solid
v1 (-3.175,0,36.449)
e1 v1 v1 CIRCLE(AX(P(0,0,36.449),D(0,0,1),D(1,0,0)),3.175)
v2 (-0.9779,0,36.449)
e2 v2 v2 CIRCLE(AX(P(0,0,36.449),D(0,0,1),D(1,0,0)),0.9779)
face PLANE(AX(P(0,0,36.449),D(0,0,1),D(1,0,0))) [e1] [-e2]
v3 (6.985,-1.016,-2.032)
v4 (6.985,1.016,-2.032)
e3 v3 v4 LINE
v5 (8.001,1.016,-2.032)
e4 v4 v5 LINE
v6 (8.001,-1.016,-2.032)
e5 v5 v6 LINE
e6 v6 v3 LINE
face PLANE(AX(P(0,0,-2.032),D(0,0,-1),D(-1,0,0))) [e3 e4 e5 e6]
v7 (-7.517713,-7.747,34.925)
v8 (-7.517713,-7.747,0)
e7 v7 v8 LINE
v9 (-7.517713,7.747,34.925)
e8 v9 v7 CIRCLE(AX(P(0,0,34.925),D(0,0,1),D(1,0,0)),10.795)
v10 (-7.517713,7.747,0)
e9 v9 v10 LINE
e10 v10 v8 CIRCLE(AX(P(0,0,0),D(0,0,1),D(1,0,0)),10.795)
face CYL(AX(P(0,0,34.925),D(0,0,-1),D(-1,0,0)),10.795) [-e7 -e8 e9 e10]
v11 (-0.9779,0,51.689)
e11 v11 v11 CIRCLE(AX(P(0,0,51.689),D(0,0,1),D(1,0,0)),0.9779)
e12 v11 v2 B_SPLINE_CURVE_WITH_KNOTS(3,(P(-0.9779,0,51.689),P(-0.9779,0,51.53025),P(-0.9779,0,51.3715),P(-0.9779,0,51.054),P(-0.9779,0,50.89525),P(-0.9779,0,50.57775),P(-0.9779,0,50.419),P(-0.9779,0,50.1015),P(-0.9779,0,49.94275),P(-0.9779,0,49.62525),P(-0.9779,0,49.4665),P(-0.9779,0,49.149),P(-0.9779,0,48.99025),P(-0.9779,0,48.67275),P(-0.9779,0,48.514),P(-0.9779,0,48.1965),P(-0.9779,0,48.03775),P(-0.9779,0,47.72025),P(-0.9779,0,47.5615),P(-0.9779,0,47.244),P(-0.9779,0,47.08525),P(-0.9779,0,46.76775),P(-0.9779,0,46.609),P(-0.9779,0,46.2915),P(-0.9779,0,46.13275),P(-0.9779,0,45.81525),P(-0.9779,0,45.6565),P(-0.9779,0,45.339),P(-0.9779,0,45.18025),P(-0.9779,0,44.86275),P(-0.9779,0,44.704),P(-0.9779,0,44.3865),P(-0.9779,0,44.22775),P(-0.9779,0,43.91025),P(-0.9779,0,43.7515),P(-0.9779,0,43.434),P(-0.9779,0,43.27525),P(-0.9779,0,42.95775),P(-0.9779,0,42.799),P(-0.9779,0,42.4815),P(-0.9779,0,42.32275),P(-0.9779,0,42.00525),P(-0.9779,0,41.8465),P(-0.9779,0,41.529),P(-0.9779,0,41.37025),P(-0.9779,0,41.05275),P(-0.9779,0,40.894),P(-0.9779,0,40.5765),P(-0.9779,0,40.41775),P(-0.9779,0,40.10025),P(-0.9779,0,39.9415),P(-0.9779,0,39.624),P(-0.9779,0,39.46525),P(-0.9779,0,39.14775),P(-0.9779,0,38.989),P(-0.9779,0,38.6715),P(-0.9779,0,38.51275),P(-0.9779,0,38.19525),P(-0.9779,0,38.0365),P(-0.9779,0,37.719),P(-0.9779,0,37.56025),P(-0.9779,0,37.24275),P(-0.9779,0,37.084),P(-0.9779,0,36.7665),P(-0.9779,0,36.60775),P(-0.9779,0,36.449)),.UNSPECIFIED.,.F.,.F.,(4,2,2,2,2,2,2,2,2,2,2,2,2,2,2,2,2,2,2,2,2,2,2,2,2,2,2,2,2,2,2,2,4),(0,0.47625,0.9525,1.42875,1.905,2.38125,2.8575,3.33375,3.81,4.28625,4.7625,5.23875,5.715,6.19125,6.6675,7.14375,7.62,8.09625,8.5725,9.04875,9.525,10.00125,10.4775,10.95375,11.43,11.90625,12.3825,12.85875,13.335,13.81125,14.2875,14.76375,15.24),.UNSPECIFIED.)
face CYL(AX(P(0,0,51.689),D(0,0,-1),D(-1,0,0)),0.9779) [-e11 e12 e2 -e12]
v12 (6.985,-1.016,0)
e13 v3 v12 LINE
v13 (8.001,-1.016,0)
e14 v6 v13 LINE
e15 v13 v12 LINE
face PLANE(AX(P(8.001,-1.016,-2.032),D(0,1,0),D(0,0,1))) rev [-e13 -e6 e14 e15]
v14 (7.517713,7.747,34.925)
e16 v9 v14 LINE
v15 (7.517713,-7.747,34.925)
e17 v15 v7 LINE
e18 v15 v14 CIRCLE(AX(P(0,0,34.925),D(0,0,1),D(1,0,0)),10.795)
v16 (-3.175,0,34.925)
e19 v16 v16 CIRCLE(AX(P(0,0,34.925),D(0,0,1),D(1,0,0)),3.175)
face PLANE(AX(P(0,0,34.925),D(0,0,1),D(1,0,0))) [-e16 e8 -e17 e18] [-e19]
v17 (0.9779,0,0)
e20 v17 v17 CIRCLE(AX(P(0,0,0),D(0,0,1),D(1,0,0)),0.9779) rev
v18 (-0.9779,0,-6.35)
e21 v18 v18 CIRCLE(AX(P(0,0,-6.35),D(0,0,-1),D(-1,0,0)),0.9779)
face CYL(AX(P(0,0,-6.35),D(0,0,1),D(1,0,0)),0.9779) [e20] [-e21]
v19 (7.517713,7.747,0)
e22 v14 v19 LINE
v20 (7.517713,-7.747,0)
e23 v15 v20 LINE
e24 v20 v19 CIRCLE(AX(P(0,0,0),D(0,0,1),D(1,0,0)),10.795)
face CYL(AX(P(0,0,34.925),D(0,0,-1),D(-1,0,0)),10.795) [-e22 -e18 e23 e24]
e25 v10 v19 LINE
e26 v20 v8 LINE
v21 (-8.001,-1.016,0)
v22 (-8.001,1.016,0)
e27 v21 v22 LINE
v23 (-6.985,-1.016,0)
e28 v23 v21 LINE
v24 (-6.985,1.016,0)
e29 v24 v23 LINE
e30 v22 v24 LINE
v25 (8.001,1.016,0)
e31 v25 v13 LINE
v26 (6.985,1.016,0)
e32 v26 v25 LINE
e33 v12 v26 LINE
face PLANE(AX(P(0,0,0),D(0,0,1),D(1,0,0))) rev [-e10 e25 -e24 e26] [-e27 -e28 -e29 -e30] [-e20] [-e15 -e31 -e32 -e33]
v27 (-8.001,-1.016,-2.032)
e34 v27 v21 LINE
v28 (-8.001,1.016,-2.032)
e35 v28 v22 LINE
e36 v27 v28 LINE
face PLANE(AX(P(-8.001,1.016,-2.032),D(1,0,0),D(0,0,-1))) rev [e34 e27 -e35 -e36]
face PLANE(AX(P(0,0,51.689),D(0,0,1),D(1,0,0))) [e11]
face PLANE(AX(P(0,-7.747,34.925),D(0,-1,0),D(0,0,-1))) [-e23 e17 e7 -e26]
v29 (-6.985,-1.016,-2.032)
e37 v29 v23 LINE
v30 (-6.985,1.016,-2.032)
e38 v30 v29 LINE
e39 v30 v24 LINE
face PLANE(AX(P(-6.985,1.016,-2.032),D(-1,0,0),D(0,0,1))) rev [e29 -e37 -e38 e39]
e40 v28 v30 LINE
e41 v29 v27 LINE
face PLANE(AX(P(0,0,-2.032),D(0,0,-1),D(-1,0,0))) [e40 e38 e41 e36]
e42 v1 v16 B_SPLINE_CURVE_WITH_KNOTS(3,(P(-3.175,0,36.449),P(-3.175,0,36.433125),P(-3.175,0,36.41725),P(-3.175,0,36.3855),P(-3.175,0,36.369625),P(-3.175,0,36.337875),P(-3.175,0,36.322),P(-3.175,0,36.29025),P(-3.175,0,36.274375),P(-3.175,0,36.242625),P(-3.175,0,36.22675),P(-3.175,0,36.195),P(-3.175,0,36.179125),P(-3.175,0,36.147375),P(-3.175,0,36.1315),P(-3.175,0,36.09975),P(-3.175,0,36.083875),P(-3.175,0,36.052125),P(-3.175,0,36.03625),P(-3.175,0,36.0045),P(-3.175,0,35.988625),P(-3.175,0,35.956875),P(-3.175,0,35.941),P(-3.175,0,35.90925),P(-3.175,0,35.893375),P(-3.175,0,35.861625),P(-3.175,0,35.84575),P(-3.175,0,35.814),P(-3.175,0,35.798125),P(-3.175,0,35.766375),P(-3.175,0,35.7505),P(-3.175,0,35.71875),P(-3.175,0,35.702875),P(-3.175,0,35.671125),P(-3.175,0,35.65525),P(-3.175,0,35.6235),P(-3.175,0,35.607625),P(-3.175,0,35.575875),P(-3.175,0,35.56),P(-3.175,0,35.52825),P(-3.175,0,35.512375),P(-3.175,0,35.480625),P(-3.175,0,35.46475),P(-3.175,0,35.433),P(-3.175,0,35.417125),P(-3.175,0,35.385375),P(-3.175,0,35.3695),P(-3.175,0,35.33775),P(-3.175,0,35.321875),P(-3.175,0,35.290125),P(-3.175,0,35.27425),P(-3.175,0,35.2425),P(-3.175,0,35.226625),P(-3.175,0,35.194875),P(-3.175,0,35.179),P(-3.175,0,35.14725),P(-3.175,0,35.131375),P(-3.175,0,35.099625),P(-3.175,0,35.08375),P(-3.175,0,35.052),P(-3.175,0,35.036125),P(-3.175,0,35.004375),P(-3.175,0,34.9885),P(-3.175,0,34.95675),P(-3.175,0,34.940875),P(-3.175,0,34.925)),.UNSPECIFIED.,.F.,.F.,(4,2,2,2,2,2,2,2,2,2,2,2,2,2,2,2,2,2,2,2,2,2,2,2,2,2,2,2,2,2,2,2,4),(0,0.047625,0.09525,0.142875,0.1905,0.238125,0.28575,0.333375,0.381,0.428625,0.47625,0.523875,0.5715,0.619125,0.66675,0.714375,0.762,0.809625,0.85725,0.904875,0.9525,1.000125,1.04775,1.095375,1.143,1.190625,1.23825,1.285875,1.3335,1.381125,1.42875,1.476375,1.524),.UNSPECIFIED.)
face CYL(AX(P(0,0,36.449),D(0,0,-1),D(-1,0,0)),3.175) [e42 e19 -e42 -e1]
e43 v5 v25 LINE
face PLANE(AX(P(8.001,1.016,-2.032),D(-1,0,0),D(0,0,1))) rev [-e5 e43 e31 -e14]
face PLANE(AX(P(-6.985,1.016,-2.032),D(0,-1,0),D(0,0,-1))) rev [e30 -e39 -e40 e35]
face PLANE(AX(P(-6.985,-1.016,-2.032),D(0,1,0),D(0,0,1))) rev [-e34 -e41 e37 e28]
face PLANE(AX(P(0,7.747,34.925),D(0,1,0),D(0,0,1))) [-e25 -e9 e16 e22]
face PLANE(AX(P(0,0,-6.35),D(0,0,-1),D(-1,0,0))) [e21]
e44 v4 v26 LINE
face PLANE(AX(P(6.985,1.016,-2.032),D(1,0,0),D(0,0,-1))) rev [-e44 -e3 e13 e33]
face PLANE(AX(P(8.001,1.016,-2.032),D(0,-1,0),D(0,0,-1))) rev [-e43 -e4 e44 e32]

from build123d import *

# Parameters (mm, degrees)
BOSS_EXTRUDE1_DEPTH = 34.925
SKETCH2_R           = 3.175
BOSS_EXTRUDE2_DEPTH = 1.524
SKETCH3_R           = 0.9779
BOSS_EXTRUDE3_DEPTH = 15.24
BOSS_EXTRUDE4_START = 6.35
SKETCH4_R           = 0.9779
BOSS_EXTRUDE4_DEPTH = 6.35
SKETCH5_W           = 1.016
SKETCH5_H           = 2.032
BOSS_EXTRUDE5_DEPTH = 2.032


with BuildPart() as part:
    # Sketch1 → Boss-Extrude1 (new body)
    with BuildSketch(Plane.XY):
        with BuildLine():
            Line((7.517713482, 7.747), (-7.517713482, 7.747))
            ThreePointArc((-7.517713482, 7.747), (-10.795, 0), (-7.517713482, -7.747))
            Line((-7.517713482, -7.747), (7.517713482, -7.747))
            ThreePointArc((7.517713482, -7.747), (9.941975207, -4.205847594), (10.795, 0))
            ThreePointArc((10.795, 0), (9.941975207, 4.205847594), (7.517713482, 7.747))
        make_face()
    extrude(amount=BOSS_EXTRUDE1_DEPTH)

    # Sketch2 → Boss-Extrude2 (add)
    with BuildSketch(Plane.XY.offset(34.925)):
        with Locations(Location((0, 0, 0), (0, 0, 180))):
            Circle(SKETCH2_R)
    extrude(amount=BOSS_EXTRUDE2_DEPTH)

    # Sketch3 → Boss-Extrude3 (add)
    with BuildSketch(Plane.XY.offset(36.449)):
        with Locations(Location((0, 0, 0), (0, 0, 180))):
            Circle(SKETCH3_R)
    extrude(amount=BOSS_EXTRUDE3_DEPTH)

    # Sketch4 → Boss-Extrude4 (add)
    with BuildSketch(Plane(origin=(0, 0, 0), x_dir=(-1, 0, 0), z_dir=(0, 0, -1)).offset(BOSS_EXTRUDE4_START)):
        Circle(SKETCH4_R)
    extrude(amount=-BOSS_EXTRUDE4_DEPTH)

    # Sketch5 → Boss-Extrude5 (add)
    with BuildSketch(Plane(origin=(0, 0, 0), x_dir=(-1, 0, 0), z_dir=(0, 0, -1))):
        with Locations((-7.493, 0)):
            Rectangle(SKETCH5_W, SKETCH5_H)
        with Locations((7.493, 0)):
            Rectangle(SKETCH5_W, SKETCH5_H)
    extrude(amount=BOSS_EXTRUDE5_DEPTH)


solid = part.part
